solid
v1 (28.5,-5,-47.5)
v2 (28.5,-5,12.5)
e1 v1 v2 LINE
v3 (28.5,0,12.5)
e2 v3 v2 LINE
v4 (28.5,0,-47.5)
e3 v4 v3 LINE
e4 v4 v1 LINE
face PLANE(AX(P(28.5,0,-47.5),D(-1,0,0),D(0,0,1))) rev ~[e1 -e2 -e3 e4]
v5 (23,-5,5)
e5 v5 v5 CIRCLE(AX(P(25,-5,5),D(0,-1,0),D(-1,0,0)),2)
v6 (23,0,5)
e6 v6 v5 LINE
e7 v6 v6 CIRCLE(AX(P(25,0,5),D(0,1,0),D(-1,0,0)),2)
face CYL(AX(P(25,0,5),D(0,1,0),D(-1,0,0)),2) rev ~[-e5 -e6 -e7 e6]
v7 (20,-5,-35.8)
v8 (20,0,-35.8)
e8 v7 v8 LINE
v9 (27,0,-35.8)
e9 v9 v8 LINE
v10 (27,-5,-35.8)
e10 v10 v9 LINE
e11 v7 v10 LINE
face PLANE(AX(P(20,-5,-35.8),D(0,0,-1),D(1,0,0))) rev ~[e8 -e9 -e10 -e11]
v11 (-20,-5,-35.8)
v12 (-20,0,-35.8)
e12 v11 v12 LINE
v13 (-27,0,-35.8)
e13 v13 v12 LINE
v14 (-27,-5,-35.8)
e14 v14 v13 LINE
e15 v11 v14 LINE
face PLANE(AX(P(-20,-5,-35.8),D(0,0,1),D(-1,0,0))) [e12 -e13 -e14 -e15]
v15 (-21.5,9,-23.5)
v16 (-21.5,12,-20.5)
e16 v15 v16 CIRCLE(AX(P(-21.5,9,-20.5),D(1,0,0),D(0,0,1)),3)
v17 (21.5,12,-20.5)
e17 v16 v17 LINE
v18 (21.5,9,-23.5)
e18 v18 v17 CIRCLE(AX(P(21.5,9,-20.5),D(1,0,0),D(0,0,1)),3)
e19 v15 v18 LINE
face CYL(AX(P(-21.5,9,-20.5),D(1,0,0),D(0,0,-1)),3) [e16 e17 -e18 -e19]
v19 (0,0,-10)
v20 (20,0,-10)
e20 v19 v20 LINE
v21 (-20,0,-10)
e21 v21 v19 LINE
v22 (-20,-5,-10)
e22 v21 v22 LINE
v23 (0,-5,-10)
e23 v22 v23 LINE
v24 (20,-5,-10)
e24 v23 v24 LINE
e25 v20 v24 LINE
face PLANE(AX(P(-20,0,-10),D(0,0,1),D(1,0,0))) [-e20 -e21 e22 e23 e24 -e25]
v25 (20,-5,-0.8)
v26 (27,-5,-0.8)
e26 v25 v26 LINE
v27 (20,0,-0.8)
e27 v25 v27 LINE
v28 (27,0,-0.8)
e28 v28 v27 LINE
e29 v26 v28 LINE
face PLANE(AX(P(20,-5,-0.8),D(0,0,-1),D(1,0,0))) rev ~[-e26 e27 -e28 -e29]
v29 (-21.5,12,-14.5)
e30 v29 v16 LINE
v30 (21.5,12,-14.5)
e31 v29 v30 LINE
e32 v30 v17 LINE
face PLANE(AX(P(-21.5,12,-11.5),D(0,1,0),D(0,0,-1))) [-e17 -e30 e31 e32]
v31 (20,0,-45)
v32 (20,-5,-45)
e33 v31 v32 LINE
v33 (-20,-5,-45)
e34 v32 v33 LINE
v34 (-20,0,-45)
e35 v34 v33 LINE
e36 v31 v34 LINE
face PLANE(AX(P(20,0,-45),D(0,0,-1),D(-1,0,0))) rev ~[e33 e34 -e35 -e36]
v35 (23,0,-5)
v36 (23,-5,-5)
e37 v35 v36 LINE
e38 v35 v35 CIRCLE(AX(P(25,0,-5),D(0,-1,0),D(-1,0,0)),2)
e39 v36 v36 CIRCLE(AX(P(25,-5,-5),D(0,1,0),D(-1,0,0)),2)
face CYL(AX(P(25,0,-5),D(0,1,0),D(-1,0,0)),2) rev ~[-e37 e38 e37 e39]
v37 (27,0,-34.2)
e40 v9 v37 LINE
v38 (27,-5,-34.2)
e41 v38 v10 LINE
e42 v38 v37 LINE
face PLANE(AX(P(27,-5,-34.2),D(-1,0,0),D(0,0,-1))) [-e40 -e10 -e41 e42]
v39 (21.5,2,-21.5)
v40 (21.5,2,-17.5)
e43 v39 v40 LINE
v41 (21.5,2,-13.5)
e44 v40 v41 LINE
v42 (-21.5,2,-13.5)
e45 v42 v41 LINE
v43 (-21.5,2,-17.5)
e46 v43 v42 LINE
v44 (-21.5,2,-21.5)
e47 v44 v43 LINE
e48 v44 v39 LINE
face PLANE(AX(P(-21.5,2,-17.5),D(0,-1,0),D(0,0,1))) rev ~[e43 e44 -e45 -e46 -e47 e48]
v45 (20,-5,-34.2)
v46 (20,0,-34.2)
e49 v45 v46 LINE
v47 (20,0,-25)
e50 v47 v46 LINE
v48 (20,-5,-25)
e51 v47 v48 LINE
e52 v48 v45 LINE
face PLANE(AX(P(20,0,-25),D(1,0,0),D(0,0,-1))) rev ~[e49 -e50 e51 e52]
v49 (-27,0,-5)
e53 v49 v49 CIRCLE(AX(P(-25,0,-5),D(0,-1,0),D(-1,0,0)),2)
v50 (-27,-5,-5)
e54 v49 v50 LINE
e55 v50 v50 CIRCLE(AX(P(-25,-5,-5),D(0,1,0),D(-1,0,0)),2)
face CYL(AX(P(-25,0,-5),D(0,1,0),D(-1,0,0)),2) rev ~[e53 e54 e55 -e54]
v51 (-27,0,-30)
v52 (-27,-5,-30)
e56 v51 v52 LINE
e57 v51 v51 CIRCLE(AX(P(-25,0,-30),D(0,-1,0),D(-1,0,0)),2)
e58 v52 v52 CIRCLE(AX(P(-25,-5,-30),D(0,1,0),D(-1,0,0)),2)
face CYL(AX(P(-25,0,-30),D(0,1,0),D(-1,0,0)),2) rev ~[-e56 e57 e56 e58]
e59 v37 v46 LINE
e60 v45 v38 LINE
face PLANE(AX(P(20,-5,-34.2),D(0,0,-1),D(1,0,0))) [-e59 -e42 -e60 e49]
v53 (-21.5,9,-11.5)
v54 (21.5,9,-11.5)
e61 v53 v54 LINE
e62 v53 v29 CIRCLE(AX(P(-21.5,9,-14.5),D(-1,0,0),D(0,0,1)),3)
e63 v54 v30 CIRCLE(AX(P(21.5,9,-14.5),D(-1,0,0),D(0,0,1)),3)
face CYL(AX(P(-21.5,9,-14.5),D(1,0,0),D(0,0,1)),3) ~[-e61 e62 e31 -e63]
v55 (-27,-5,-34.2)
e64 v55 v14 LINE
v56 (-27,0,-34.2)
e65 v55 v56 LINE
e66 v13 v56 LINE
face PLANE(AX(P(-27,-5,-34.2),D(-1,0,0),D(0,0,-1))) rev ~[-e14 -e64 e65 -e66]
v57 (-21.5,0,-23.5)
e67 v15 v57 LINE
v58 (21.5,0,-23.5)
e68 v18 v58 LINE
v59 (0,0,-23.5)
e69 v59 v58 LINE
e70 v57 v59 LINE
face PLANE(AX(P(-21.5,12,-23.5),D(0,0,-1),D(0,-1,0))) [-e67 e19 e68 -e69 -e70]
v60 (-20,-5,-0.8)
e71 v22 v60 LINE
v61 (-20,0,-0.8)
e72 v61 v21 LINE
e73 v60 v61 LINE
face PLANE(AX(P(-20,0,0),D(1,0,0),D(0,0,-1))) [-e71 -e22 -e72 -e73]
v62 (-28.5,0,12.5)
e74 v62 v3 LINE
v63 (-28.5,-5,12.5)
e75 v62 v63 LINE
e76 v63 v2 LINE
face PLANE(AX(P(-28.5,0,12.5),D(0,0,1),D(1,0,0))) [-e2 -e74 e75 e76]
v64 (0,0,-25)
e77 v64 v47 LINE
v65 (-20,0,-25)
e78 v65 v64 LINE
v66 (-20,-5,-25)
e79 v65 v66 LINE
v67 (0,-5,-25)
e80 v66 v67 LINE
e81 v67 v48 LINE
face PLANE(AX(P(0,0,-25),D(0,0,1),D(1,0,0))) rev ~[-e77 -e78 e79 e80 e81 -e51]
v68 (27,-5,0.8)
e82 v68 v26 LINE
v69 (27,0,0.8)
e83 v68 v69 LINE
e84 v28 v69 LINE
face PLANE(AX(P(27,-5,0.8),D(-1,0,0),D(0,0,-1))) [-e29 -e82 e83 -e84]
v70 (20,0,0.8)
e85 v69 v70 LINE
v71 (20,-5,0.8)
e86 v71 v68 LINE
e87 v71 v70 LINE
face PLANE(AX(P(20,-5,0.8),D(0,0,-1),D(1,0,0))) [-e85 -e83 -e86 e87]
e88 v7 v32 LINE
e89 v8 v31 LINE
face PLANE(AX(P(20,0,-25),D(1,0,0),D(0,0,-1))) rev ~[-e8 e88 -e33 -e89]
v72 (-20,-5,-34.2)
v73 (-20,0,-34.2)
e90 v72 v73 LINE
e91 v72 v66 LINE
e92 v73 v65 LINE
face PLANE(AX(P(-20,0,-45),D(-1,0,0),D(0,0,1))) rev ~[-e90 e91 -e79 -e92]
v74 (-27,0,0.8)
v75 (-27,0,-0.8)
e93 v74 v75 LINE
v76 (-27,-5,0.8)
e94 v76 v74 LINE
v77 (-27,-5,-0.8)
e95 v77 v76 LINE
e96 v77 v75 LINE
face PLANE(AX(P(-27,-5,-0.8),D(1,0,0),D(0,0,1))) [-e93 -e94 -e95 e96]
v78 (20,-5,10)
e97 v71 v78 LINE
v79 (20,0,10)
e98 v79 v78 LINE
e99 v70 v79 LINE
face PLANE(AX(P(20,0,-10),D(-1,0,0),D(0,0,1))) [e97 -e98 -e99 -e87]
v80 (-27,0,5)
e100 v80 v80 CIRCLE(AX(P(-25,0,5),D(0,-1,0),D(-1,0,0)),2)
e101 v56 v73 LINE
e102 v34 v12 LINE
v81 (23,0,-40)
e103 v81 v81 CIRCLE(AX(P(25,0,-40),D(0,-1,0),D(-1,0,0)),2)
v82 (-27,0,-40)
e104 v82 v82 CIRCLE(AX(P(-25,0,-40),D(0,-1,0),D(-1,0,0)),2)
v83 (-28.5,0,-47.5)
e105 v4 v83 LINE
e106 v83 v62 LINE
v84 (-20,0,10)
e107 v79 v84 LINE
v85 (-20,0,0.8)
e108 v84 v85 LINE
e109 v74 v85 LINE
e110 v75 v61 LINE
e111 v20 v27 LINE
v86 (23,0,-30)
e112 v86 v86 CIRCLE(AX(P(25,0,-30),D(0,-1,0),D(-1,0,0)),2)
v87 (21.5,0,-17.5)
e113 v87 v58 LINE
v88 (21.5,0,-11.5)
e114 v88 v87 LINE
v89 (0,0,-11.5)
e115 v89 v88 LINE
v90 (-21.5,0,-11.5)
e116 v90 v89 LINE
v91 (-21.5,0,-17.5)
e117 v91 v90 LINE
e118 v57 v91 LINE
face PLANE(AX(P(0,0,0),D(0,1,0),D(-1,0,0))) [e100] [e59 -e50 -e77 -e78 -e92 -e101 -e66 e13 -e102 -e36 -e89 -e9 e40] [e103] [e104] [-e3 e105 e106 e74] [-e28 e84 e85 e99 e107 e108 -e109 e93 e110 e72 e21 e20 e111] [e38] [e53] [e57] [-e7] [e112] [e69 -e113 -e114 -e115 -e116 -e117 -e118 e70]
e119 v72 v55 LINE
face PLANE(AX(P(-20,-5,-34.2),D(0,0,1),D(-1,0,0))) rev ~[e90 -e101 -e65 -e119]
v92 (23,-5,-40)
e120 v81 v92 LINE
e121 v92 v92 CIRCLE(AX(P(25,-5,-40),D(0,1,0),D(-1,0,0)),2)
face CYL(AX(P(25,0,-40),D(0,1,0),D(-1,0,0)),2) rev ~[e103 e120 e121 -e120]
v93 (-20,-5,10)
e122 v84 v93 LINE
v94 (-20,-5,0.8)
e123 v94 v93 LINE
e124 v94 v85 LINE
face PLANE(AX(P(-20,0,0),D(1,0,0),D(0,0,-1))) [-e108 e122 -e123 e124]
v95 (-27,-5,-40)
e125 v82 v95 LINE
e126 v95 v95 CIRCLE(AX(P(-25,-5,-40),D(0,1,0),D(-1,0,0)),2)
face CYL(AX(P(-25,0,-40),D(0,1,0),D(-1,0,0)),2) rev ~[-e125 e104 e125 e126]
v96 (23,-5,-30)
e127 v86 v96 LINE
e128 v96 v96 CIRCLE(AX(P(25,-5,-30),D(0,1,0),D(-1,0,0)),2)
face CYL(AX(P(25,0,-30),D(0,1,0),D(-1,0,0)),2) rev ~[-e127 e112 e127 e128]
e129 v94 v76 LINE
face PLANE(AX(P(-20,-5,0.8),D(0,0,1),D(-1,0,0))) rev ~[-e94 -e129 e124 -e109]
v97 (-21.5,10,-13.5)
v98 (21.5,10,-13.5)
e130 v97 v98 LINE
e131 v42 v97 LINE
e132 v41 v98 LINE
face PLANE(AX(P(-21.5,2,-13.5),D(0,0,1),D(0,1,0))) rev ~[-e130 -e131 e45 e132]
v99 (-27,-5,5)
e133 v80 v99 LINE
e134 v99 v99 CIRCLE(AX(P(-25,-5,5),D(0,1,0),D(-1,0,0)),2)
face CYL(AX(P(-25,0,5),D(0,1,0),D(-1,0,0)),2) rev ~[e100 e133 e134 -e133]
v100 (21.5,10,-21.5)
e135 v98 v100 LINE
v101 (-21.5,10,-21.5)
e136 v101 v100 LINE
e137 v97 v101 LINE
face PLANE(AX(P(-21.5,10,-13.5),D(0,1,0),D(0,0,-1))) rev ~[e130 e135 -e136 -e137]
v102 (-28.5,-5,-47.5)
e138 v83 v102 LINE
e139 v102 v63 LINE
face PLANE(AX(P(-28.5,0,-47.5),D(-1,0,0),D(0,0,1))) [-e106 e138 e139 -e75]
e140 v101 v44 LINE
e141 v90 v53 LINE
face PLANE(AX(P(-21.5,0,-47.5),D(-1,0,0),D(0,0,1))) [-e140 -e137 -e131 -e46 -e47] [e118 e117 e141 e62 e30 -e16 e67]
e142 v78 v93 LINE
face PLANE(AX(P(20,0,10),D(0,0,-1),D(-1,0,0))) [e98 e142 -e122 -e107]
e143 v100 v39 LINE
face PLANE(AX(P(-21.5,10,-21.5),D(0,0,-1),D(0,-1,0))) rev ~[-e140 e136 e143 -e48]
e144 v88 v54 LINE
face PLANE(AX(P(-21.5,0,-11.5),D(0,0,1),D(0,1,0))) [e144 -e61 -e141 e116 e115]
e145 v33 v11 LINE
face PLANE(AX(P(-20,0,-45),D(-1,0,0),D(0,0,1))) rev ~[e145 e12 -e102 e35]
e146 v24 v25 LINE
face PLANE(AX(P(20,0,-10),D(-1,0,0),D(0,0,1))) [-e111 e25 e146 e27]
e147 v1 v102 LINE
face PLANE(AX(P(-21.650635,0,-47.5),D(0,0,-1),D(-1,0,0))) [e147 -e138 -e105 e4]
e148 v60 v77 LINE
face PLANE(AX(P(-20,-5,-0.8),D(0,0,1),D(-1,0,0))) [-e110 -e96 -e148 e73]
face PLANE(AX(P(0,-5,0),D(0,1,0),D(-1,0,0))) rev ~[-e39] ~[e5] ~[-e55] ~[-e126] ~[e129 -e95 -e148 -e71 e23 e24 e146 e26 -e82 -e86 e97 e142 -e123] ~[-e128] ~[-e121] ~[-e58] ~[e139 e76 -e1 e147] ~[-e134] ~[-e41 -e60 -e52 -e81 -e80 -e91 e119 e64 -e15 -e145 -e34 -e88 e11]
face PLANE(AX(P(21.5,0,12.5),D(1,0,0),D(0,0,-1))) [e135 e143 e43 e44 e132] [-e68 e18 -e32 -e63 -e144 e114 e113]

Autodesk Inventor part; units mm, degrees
ref_plane "YZ Plane" through (0, 0, 0) normal (1, 0, 0) x (0, 1, 0)
ref_plane "XZ Plane" through (0, 0, 0) normal (0, 1, 0) x (-1, 0, 0)
ref_plane "XY Plane" through (0, 0, 0) normal (0, 0, 1) x (1, 0, 0)
sketch "Szkic1" plane through (0, 0, 0) normal (0, 1, 0) x (-1, 0, 0)
  line L0 (0, 0) -> (0, -35)
  circle A0 centre (0, 0) radius 2
  circle A1 centre (0, -35) radius 2
  line L1 (0, 0) -> (0, -35) construction
  line L2 (-25, 0) -> (-25, -35)
  line L3 (25, -35) -> (25, 0)
  arc A2 (25, 0) -> (-25, 0) centre (0, 0) ccw
  arc A3 (-25, -35) -> (25, -35) centre (0, -35) ccw
  line L4 (-20, -45) -> (20, -45)
  line L5 (20, -45) -> (20, -25)
  line L6 (20, -25) -> (-20, -25)
  line L7 (-20, -25) -> (-20, -45)
  line L8 (-20, -45) -> (20, -25) construction
  line L9 (20, -45) -> (-20, -25) construction
  line L10 (0, -17.5) -> (-25, -17.5) construction
  line L11 (0, -35) -> (0, 0)
  circle A4 centre (0, 0) radius 2
  line L12 (0, -35) -> (0, 0) construction
  line L13 (-20, 10) -> (20, 10)
  line L14 (20, 10) -> (20, -10)
  line L15 (20, -10) -> (-20, -10)
  line L16 (-20, 10) -> (20, -10) construction
  line L17 (20, 10) -> (-20, -10) construction
  line L18 (-20, -10) -> (-20, 10)
  line L19 (0, -17.5) -> (-400, -17.5) construction
  line L20 (0, -17.5) -> (400, -17.5) construction
  line L21 (21.5, 12.5) -> (-21.5, 12.5)
  line L22 (-21.5, 12.5) -> (-21.5, -47.5)
  line L23 (-21.5, -47.5) -> (21.5, -47.5)
  line L24 (21.5, -47.5) -> (21.5, 12.5)
  line L25 (21.5, 12.5) -> (-21.5, -47.5) construction
  line L26 (-21.5, 12.5) -> (21.5, -47.5) construction
  line L27 (21.5, -47.5) -> (28.5, -47.5)
  line L28 (28.5, -47.5) -> (28.5, 12.5)
  line L29 (28.5, 12.5) -> (21.5, 12.5)
  line L30 (21.5, 12.5) -> (21.5, -47.5)
  line L31 (20, 10) -> (20, -10)
  line L32 (20, 0) -> (20, -10)
  circle A5 centre (25, -5) radius 2
  line L33 (20, 0) -> (28.5, 0) construction
  circle A6 centre (25, 5) radius 2
  circle A7 centre (-25, -5) radius 2
  circle A8 centre (-25, 5) radius 2
  line L34 (-21.5, -47.5) -> (-21.5, 12.5)
  line L35 (-21.5, -47.5) -> (-28.5, -47.5)
  line L36 (-28.5, -47.5) -> (-28.5, 12.5)
  line L37 (-28.5, 12.5) -> (-21.5, 12.5)
  circle A9 centre (25, -30) radius 2
  circle A10 centre (25, -40) radius 2
  circle A11 centre (-25, -30) radius 2
  circle A12 centre (-25, -40) radius 2
  point P0 (20, -5)
  dimension "d0" = 35
  dimension "d1" = 4
  dimension "d2" = 4
  dimension "d3" = 50
  dimension "d6" = 40
  dimension "d7" = 20
  dimension "d8" = 400
  dimension "d9" = 180
  dimension "d10" = 43
  dimension "d11" = 60
  dimension "d21" = 7
  dimension "d22" = 60
  dimension "d24" = 4
  dimension "d25" = 5
  dimension "d26" = 5
extrude "Wyciągnięcie proste1" add sketch "Szkic1" against normal blind 5 contours L21 L24 L23 L22
sketch "Szkic2" plane through (-21.5, 0, -47.5) normal (-1, 0, 0) x (0, 0, 1)
  line L0 (22.5, 0) -> (22.5, -5) projected
  line L1 (37.5, 0) -> (37.5, -5) projected
  line L2 (22.5, 0) -> (37.5, 0)
  line L3 (30, 0) -> (30, 6)
  line L4 (36, 12) -> (24, 12)
  line L5 (24, 12) -> (24, 0)
  line L6 (24, 0) -> (36, 0)
  line L7 (36, 0) -> (36, 12)
  line L8 (36, 12) -> (24, 0) construction
  line L9 (24, 12) -> (36, 0) construction
  line L10 (34, 10) -> (26, 10)
  line L11 (26, 10) -> (26, 2)
  line L12 (26, 2) -> (34, 2)
  line L13 (34, 2) -> (34, 10)
  line L14 (34, 10) -> (26, 2) construction
  line L15 (26, 10) -> (34, 2) construction
  point P0 (47.5, 0)
  point P1 (36, 0)
  point P2 (24, 0)
  dimension "d12" = 6
  dimension "d13" = 12
  dimension "d14" = 12
  dimension "d15" = 8
  dimension "d16" = 8
extrude "Wyciągnięcie proste2" add sketch "Szkic2" against normal up to surface (43 mm away)
fillet "Zaokrąglenie2" radius 3 2 edges at (0, 12, -11.5) (0, 12, -23.5)
extrude "Wyciągnięcie proste3" add sketch "Szkic1" against normal blind 5 contours A2 A8 L37 L22 L35 A3 A12 L2 A11 A7 | L2 A7 A11 A3 A12 L35 L36 L37 A2 A8 | L29 L28 L27 A3 A10 L3 A9 A5 A2 A6 | A2 A6 L3 A5 A9 A3 A10 L27 L24 L29
sketch "Szkic3" plane through (-21.5, 0, -23.5) normal (-1, 0, 0) x (0, 0, 1)
  line L0 (10, 2) -> (2, 2) construction
  line L1 (2, 10) -> (10, 10) construction
  line L2 (10, 2) -> (2, 10) construction
  line L3 (10, 10) -> (10, 2) construction
  line L4 (2, 2) -> (10, 10) construction
  line L5 (2, 10) -> (10, 10) construction
  line L6 (10, 10) -> (10, 2) construction
  line L7 (10, 2) -> (2, 2) construction
  line L8 (2, 2) -> (2, 10) construction
  line L9 (2, 10) -> (10, 2) construction
  line L10 (10, 10) -> (2, 2) construction
  point P0 (23.5, 0)
  point P1 (6, 6)
sketch "Szkic4" plane through (0, -5, 0) normal (0, -1, 0) x (1, 0, 0)
  line L0 (20, -10) -> (20, 10) projected
  line L1 (20, 0) -> (20, 0.8)
  line L2 (20, 0) -> (22.1856, 0) construction
  line L3 (20, 0.8) -> (27, 0.8)
  line L4 (27, 0.8) -> (27, 0)
  line L5 (20, 10) -> (20, -10)
  line L6 (20, -0.8) -> (27, -0.8)
  line L7 (27, -0.8) -> (27, 0)
  line L8 (20, 10) -> (-20, 10) projected
  line L9 (0, 10) -> (0, -45)
  line L10 (-20, -45) -> (20, -45) projected
  line L11 (28.5, 12.5) -> (28.5, -47.5) projected
  line L12 (28.5, -17.5) -> (-28.5, -17.5)
  line L13 (-28.5, -47.5) -> (-28.5, 12.5) projected
  line L14 (-20, -10) -> (-20, 10)
  line L15 (-20, 0) -> (-20, 0.8)
  line L16 (-20, 0) -> (-22.1856, 0) construction
  line L17 (-20, 0.8) -> (-27, 0.8)
  line L18 (-27, 0.8) -> (-27, 0)
  line L19 (-20, -0.8) -> (-27, -0.8)
  line L20 (-27, -0.8) -> (-27, 0)
  line L21 (20, -25) -> (20, -45)
  line L22 (20, -35) -> (20, -35.8)
  line L23 (20, -35) -> (22.1856, -35) construction
  line L24 (20, -35.8) -> (27, -35.8)
  line L25 (20, -34.2) -> (27, -34.2)
  line L26 (20, -45) -> (20, -25)
  line L27 (20, -45) -> (-20, -45)
  line L28 (-20, -35) -> (-20, -35.8)
  line L29 (-20, -35) -> (-22.1856, -35) construction
  line L30 (-20, -34.2) -> (-27, -34.2)
  line L31 (-20, -25) -> (-20, -45)
  line L32 (-20, -35.8) -> (-27, -35.8)
  line L33 (27, -34.2) -> (27, -35.8)
  line L34 (-27, -34.2) -> (-27, -35.8)
  point P0 (0, 0)
  point P1 (0, -35)
  dimension "d29" = 0.8
  dimension "d30" = 7
extrude "Wyciągnięcie proste4" cut sketch "Szkic4" against normal blind 10
sketch "Szkic5" plane through (0, -5, 0) normal (0, -1, 0) x (1, 0, 0)
  line L0 (-20, -35.8) -> (-27, -35.8) projected
  line L1 (-27, -35.8) -> (-27, -34.2) projected
  line L2 (-27, -34.2) -> (-20, -34.2) projected
  line L3 (-20, -34.2) -> (-20, -25) projected
  line L4 (-20, -25) -> (20, -25) projected
  line L5 (20, -25) -> (20, -34.2) projected
  line L6 (20, -34.2) -> (27, -34.2) projected
  line L7 (27, -34.2) -> (27, -35.8) projected
  line L8 (27, -35.8) -> (20, -35.8) projected
  line L9 (20, -35.8) -> (20, -45) projected
  line L10 (20, -45) -> (-20, -45) projected
  line L11 (-20, -45) -> (-20, -35.8) projected
  line L12 (28.5, 12.5) -> (-28.5, 12.5) projected
  line L13 (-28.5, 12.5) -> (-28.5, -47.5) projected
  line L14 (-28.5, -47.5) -> (28.5, -47.5) projected
  line L15 (28.5, -47.5) -> (28.5, 12.5) projected
  circle A0 centre (-25, -40) radius 2 projected
  circle A1 centre (-25, -30) radius 2 projected
  circle A2 centre (-25, -5) radius 2 projected
  circle A3 centre (-25, 5) radius 2 projected
  circle A4 centre (25, 5) radius 2 projected
  circle A5 centre (25, -5) radius 2 projected
  circle A6 centre (25, -30) radius 2 projected
  circle A7 centre (25, -40) radius 2 projected
  line L16 (-27, 0.8) -> (-20, 0.8) projected
  line L17 (-20, 0.8) -> (-20, 10) projected
  line L18 (-20, 10) -> (20, 10) projected
  line L19 (20, 10) -> (20, 0.8) projected
  line L20 (20, 0.8) -> (27, 0.8) projected
  line L21 (27, 0.8) -> (27, -0.8) projected
  line L22 (27, -0.8) -> (20, -0.8) projected
  line L23 (20, -0.8) -> (20, -10) projected
  line L24 (20, -10) -> (-20, -10) projected
  line L25 (-20, -10) -> (-20, -0.8) projected
  line L26 (-20, -0.8) -> (-27, -0.8) projected
  line L27 (-27, -0.8) -> (-27, 0.8) projected
  point P0 (0, 0)
properties part number "base"
